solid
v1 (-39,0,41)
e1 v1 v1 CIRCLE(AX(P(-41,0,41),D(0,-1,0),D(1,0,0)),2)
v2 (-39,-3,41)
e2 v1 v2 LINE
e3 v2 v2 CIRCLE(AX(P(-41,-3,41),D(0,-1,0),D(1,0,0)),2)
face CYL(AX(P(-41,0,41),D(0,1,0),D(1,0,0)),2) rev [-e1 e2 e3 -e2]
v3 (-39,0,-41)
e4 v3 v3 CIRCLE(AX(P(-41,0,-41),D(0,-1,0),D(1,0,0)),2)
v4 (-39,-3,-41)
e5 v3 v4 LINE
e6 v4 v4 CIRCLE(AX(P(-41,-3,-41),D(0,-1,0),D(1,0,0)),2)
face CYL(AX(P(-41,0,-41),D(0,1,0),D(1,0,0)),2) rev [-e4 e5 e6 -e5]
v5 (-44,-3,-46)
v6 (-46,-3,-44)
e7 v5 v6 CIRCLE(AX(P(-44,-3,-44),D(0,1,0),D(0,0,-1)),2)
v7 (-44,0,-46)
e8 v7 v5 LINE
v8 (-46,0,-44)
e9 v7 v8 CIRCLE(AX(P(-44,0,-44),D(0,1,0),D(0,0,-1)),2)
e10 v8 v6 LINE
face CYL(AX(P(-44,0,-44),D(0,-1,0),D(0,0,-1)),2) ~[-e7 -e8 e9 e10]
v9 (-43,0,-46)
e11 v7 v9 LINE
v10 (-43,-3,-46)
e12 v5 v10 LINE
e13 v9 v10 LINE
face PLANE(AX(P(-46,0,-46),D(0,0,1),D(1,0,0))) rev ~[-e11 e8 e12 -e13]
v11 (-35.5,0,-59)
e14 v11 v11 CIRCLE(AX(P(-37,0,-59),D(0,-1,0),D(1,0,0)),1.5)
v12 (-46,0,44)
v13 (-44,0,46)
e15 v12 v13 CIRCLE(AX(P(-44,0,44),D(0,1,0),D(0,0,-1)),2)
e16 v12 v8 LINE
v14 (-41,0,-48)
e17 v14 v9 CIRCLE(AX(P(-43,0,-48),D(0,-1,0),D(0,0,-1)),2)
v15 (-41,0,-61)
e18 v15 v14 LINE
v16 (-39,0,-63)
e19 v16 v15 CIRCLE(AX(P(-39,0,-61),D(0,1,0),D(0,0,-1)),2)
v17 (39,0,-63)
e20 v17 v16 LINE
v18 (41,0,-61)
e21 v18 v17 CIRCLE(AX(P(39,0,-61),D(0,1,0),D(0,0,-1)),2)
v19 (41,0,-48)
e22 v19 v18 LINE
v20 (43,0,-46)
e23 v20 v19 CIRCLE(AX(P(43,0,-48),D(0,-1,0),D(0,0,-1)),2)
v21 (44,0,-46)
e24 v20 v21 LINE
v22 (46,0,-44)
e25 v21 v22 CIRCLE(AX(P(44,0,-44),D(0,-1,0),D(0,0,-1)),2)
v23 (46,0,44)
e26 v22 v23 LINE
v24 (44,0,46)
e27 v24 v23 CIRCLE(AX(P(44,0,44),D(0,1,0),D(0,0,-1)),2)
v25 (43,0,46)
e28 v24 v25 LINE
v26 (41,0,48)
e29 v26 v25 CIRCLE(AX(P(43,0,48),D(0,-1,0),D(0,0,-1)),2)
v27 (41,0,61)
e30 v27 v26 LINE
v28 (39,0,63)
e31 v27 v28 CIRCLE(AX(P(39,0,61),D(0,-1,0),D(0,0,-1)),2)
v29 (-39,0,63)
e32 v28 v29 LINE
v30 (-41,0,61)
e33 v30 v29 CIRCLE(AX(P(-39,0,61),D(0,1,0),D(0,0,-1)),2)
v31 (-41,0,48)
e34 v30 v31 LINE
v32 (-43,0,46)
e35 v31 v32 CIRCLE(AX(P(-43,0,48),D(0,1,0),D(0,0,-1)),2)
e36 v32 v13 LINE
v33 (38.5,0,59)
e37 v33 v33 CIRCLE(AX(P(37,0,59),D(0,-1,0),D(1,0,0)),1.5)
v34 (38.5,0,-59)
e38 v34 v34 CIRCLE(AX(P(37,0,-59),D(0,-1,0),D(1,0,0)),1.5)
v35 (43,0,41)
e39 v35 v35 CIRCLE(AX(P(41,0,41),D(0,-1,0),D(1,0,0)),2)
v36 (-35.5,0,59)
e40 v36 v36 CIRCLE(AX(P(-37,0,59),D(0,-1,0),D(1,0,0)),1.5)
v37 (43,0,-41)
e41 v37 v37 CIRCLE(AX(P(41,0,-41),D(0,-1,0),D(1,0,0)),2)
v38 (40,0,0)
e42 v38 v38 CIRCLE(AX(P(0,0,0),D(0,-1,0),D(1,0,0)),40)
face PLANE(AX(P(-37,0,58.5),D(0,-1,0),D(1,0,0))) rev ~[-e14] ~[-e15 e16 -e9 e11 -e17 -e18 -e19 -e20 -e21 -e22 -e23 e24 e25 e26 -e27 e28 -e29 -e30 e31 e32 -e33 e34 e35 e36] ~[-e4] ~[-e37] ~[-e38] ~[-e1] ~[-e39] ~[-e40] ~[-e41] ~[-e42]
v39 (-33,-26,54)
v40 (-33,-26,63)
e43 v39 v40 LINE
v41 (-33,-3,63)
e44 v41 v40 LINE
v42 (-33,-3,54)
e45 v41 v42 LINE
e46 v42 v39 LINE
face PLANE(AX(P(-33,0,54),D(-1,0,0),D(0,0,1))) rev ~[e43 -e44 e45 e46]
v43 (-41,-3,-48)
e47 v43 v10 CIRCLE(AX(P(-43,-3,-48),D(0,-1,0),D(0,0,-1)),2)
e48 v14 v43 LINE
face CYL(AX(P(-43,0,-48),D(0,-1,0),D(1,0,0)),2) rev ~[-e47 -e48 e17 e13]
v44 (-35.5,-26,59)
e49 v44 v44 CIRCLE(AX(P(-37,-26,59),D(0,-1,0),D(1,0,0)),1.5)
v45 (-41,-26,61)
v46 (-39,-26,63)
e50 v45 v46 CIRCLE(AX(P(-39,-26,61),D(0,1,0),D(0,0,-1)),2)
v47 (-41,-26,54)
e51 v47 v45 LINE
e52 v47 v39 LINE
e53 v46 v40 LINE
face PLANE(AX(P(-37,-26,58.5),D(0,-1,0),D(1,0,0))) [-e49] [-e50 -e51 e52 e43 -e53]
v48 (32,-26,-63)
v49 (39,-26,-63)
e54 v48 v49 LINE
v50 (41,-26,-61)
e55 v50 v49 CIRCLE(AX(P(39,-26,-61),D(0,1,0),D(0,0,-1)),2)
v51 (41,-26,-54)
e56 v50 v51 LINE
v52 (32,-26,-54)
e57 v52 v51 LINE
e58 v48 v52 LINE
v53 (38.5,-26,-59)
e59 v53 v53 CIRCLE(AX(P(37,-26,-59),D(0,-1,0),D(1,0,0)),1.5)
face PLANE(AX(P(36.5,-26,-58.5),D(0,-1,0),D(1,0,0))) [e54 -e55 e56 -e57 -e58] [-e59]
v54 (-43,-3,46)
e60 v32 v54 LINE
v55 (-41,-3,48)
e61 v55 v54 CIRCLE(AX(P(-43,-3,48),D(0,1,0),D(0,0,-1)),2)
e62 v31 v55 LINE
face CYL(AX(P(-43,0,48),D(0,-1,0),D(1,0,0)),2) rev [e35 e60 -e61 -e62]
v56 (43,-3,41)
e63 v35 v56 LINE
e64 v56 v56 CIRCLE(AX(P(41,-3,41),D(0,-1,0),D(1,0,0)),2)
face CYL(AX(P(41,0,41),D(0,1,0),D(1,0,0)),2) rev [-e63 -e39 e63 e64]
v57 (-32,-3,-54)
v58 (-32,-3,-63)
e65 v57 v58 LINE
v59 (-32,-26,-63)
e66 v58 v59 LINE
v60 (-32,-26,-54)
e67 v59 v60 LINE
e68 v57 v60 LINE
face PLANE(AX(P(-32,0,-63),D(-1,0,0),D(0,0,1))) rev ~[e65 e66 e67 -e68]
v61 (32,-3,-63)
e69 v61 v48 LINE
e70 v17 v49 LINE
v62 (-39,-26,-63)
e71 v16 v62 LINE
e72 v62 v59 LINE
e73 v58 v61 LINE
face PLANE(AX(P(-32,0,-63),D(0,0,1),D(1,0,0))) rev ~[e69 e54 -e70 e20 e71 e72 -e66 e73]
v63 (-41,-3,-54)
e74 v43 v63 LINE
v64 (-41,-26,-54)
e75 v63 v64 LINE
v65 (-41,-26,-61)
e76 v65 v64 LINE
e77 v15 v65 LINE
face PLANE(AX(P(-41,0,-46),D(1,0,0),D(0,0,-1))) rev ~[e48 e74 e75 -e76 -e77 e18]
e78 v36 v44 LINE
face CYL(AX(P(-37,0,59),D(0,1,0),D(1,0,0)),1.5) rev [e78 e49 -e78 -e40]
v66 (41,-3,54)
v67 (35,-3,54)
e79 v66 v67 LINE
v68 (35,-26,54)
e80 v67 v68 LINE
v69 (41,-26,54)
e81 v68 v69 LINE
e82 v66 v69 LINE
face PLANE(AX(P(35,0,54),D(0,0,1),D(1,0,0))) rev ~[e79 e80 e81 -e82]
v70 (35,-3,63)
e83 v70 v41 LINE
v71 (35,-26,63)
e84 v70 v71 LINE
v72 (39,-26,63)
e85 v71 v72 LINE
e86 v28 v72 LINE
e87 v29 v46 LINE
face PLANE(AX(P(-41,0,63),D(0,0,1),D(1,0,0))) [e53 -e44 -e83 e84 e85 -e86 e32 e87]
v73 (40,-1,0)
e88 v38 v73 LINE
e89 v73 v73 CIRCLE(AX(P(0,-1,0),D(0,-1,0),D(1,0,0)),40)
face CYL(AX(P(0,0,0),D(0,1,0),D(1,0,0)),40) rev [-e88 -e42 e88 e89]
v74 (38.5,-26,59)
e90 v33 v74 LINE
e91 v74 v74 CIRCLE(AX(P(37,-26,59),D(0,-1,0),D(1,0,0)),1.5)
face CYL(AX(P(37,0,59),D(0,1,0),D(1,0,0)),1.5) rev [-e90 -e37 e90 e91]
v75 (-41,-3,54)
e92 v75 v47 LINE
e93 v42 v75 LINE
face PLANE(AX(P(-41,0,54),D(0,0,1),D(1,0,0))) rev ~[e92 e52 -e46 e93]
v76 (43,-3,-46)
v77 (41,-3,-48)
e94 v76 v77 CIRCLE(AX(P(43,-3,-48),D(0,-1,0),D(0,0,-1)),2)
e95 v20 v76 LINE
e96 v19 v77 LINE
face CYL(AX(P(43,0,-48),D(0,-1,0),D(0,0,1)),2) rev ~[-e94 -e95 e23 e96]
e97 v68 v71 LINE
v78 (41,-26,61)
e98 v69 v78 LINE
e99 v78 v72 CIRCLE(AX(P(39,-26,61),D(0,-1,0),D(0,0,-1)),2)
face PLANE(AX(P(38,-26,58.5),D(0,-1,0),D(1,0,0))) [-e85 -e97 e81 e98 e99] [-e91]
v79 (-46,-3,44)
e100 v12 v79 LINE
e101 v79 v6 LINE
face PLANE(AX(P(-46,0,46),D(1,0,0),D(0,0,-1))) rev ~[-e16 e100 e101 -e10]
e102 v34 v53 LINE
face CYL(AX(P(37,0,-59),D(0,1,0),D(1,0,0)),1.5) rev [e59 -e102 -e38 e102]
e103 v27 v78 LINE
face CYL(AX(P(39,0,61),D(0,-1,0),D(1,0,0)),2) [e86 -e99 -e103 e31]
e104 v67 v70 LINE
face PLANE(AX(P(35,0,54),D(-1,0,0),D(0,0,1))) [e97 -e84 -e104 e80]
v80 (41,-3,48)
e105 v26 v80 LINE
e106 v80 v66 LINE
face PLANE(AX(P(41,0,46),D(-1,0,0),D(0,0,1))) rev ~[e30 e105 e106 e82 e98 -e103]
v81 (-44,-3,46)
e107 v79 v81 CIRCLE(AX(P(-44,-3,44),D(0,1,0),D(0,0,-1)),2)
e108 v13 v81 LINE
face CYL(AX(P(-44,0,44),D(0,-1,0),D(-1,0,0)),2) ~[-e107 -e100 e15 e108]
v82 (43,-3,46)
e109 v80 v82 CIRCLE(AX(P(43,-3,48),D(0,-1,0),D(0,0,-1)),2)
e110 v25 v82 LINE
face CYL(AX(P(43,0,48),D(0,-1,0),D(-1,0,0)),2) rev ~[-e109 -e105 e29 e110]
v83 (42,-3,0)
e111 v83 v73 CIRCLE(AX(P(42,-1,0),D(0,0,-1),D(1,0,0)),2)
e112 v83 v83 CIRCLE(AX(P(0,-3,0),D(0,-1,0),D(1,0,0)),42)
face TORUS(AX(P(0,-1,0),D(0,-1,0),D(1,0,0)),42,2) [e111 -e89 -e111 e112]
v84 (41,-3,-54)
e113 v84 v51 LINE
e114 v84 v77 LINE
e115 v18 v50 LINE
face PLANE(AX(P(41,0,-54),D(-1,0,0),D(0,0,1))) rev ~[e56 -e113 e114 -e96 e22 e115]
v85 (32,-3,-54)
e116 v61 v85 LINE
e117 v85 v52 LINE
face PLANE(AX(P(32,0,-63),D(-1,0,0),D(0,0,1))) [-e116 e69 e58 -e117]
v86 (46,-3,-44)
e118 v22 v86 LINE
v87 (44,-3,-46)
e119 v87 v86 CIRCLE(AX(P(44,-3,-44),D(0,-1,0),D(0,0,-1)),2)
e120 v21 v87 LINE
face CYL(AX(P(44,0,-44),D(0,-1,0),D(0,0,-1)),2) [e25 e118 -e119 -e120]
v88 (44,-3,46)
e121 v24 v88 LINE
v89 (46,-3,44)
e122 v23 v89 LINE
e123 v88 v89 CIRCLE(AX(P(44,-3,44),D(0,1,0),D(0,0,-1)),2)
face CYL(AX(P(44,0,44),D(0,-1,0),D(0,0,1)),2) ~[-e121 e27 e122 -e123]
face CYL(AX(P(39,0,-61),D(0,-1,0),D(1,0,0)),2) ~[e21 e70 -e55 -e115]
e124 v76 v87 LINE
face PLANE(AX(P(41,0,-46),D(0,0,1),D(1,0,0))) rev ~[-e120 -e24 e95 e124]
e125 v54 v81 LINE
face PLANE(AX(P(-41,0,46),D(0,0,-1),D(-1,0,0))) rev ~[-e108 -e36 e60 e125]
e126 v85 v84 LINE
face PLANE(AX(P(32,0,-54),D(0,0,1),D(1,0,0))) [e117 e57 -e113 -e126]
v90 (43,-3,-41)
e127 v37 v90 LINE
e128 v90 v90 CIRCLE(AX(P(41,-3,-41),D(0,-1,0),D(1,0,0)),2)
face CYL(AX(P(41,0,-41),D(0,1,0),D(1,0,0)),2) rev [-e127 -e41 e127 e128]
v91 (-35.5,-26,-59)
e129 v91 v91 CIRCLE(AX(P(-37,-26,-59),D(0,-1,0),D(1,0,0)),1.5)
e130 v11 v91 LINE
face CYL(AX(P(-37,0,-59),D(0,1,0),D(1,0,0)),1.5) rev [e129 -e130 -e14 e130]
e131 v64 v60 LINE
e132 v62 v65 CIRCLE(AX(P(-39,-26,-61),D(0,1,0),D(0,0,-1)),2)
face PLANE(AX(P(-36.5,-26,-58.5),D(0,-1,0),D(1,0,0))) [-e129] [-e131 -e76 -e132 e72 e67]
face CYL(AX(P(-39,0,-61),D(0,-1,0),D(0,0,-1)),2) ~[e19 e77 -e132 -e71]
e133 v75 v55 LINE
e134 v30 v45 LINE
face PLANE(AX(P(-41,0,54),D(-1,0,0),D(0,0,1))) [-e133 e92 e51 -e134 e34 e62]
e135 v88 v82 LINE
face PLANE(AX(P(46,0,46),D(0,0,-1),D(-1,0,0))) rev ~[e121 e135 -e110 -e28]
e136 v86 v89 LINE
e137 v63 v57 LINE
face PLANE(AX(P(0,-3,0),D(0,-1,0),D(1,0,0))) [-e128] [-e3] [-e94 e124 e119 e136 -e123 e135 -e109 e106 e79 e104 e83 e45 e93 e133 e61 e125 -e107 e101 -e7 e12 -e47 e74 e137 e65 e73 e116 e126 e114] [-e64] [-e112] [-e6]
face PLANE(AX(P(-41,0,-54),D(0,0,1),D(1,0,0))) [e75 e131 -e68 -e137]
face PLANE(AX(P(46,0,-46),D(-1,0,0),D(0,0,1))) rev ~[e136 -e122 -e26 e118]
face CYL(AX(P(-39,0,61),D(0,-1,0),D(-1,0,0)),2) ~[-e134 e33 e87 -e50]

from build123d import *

# Parameters (mm, degrees)
F0_R     = 2
F0_R_2   = 40
F1_DEPTH = 3
F0_W     = 8
F0_H     = 9
F0_R_3   = 1.5
F0_W_2   = 6
F0_W_3   = 9
F2_DEPTH = 26
F3_R     = 2


with BuildPart() as f1:
    # F0 (on Front) → F1 (new body)
    with BuildSketch(Plane.XZ):
        Polygon((41, -46), (46, -46), (46, 46), (41, 46), (-41, 46), (-46, 46), (-46, -46), (-41, -46), align=None)
        with Locations((-41, -41)):
            Circle(F0_R, mode=Mode.SUBTRACT)
        with Locations((41, -41)):
            Circle(F0_R, mode=Mode.SUBTRACT)
        with Locations((-41, 41)):
            Circle(F0_R, mode=Mode.SUBTRACT)
        Circle(F0_R_2, mode=Mode.SUBTRACT)
        with Locations((41, 41)):
            Circle(F0_R, mode=Mode.SUBTRACT)
        Polygon((41, -54), (41, -46), (-41, -46), (-41, -54), (-32, -54), (-32, -63), (32, -63), (32, -54), align=None)
        Polygon((-41, 46), (41, 46), (41, 54), (35, 54), (35, 63), (-33, 63), (-33, 54), (-41, 54), align=None)
    extrude(amount=F1_DEPTH)

    # F0 (on Front) → F2 (join)
    with BuildSketch(Plane.XZ):
        with Locations((-37, 58.5)):
            Rectangle(F0_W, F0_H)
        with Locations((-37, 59)):
            Circle(F0_R_3, mode=Mode.SUBTRACT)
        with Locations((38, 58.5)):
            Rectangle(F0_W_2, F0_H)
        with Locations((37, 59)):
            Circle(F0_R_3, mode=Mode.SUBTRACT)
        with Locations((36.5, -58.5)):
            Rectangle(F0_W_3, F0_H)
        with Locations((37, -59)):
            Circle(F0_R_3, mode=Mode.SUBTRACT)
        with Locations((-36.5, -58.5)):
            Rectangle(F0_W_3, F0_H)
        with Locations((-37, -59)):
            Circle(F0_R_3, mode=Mode.SUBTRACT)
    extrude(amount=F2_DEPTH)

    # F3
    f3_edges = [f1.edges().sort_by_distance(p)[0] for p in [
        (-40, -3, 0),
        (-46, -1.5, -46),
        (-46, -1.5, 46),
        (46, -1.5, -46),
        (41, -1.5, -46),
        (-41, -1.5, -46),
        (-41, -13, -63),
        (41, -13, -63),
        (46, -1.5, 46),
        (41, -1.5, 46),
        (41, -13, 63),
        (-41, -13, 63),
        (-41, -1.5, 46),
    ]]
    fillet(f3_edges, radius=F3_R)


solid = f1.part
